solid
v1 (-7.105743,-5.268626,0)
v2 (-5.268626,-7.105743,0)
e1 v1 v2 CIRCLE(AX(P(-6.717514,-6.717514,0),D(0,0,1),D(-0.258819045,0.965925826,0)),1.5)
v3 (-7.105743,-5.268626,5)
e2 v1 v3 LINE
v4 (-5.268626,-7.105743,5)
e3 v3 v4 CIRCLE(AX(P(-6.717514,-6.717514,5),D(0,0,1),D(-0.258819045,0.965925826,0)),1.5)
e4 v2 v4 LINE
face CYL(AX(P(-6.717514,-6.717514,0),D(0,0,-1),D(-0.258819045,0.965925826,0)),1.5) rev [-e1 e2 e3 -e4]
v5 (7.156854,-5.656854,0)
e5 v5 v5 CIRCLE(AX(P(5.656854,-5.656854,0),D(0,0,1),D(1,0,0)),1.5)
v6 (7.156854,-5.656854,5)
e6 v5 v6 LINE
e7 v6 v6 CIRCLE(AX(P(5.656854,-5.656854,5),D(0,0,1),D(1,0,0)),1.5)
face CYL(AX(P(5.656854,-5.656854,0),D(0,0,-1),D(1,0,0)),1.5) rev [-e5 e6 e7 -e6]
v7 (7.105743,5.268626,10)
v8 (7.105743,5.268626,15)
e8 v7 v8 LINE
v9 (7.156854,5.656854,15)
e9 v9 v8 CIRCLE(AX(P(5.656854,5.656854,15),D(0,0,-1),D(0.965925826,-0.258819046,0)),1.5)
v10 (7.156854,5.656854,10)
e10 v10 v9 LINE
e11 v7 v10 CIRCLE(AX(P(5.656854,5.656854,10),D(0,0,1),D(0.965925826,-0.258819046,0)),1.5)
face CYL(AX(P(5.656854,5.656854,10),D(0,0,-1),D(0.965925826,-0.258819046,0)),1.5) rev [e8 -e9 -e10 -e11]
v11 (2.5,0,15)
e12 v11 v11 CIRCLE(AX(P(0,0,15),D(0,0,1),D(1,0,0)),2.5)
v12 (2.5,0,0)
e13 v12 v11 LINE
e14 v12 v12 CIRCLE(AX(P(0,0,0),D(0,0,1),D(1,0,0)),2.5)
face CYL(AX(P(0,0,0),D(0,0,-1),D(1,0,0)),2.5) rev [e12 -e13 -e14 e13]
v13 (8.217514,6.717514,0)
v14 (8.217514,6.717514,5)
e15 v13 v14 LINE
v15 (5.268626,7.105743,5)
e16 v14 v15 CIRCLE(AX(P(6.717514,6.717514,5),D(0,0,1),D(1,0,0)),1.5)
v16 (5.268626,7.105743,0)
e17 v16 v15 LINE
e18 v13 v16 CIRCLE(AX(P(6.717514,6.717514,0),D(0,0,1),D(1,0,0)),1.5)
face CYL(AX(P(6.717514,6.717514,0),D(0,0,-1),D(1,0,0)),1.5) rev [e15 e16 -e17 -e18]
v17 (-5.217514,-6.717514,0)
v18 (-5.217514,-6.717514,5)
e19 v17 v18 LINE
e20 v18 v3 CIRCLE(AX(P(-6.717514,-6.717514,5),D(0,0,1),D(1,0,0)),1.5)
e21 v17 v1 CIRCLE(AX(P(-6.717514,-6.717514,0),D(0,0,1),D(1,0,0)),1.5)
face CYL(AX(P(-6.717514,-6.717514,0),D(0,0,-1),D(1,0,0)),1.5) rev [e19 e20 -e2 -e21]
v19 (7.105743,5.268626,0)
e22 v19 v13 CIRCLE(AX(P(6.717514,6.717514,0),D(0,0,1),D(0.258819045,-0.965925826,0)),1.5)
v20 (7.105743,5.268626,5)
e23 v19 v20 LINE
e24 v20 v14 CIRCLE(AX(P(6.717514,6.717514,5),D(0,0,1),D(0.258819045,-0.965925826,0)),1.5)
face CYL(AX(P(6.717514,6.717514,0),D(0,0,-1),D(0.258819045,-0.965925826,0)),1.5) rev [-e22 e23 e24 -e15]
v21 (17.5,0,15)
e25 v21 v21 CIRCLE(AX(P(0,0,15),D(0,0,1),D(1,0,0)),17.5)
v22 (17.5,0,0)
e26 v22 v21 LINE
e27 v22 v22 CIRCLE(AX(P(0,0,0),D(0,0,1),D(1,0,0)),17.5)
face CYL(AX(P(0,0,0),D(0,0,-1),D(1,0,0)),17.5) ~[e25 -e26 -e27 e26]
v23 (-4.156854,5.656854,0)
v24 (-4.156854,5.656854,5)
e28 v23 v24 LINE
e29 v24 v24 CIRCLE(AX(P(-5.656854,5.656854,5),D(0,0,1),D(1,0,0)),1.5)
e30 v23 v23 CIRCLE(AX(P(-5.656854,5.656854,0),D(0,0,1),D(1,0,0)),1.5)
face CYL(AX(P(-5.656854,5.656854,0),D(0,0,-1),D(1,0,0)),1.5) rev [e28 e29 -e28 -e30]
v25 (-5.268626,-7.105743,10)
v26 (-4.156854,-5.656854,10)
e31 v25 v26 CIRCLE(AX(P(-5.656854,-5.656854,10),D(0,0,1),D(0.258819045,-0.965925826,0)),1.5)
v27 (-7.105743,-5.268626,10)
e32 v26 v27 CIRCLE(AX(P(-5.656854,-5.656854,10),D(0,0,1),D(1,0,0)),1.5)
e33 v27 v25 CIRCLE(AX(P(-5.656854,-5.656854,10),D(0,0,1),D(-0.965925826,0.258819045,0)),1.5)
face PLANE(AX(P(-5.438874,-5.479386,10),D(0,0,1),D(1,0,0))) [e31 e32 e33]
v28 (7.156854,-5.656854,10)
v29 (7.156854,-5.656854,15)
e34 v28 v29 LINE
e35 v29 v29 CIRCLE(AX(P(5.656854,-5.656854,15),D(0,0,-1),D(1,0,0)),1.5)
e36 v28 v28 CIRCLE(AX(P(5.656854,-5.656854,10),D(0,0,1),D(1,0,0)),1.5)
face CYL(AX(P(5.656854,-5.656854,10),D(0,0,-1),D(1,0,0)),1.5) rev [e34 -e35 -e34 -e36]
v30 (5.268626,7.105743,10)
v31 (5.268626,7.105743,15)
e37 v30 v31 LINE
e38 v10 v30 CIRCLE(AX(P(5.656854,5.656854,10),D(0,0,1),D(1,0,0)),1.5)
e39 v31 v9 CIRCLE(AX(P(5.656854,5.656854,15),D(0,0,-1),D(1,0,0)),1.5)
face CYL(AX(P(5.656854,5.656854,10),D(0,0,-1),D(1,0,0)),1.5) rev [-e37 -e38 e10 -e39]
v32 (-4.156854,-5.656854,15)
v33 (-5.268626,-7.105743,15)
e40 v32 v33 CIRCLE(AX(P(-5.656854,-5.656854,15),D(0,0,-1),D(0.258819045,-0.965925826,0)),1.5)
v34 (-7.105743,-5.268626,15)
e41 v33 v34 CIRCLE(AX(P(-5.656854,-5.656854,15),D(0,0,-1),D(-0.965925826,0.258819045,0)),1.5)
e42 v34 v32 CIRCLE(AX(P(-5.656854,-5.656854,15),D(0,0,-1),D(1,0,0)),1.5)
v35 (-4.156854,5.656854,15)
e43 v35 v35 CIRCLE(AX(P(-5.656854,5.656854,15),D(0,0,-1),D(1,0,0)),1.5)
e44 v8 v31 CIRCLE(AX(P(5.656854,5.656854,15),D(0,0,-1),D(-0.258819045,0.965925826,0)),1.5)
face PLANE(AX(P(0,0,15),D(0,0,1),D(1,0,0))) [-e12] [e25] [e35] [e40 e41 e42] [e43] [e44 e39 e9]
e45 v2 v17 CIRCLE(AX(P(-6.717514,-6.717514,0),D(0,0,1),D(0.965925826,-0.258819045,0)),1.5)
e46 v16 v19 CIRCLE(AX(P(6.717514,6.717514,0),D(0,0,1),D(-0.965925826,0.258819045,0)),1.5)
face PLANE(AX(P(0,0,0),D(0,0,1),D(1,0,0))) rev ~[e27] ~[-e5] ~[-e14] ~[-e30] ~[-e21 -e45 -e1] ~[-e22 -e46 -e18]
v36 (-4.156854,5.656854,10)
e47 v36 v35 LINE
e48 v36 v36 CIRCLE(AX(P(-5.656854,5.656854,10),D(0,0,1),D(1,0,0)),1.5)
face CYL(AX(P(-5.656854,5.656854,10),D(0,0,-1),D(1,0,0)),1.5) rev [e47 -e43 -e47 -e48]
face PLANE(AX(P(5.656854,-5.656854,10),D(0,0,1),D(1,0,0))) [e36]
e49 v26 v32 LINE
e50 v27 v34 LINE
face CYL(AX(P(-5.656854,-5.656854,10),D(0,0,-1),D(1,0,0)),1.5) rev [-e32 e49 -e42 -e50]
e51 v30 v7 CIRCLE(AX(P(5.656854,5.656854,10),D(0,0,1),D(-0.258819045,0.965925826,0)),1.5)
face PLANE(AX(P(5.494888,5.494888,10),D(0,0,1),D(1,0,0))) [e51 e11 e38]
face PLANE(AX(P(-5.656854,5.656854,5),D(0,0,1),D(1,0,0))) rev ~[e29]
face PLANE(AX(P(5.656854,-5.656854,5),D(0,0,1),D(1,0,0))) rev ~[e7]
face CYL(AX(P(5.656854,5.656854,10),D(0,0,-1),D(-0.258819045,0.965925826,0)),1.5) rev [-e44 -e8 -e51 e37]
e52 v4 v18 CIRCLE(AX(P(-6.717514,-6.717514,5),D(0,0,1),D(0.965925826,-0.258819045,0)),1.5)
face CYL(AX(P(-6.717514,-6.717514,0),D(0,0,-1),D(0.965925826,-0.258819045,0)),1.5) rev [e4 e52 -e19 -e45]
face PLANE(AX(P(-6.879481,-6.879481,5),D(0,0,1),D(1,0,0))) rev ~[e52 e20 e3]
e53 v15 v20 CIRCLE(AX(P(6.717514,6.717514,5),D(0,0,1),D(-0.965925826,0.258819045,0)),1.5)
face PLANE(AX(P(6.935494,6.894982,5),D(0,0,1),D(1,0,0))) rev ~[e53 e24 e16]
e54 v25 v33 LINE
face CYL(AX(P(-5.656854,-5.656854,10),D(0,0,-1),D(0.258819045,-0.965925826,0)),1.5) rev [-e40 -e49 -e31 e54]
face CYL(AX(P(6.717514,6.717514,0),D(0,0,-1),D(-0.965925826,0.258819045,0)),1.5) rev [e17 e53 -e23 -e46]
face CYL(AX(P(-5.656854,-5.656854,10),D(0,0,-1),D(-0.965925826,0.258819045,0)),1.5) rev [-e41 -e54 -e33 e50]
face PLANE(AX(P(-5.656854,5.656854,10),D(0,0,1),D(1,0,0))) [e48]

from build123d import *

# Parameters (mm, degrees)
F0_R          = 17.5
F0_R_2        = 1.5
F0_R_3        = 2.5
F1_DEPTH      = 15
F2_START      = 10
F2_DEPTH      = 15
F3_DEPTH      = 5
F3_DEPTH_BACK = 2


with BuildPart() as f1:
    # F0 (on Top) → F1 (new body)
    with BuildSketch(Plane.XY):
        Circle(F0_R)
        with BuildLine():
            ThreePointArc((-7.1057429889, -5.2686256818), (-5.4610649612, -4.1696869574), (-4.1568542495, -5.6568542495))
            ThreePointArc((-4.1568542495, -5.6568542495), (-4.4668242391, -6.569996393), (-5.2686256818, -7.1057429889))
            ThreePointArc((-5.2686256818, -7.1057429889), (-7.7781745931, -7.7781745931), (-7.1057429889, -5.2686256818))
        make_face(mode=Mode.SUBTRACT)
        with Locations((5.6568542495, -5.6568542495)):
            Circle(F0_R_2, mode=Mode.SUBTRACT)
        with Locations((-5.6568542495, 5.6568542495)):
            Circle(F0_R_2, mode=Mode.SUBTRACT)
        Circle(F0_R_3, mode=Mode.SUBTRACT)
        with BuildLine():
            ThreePointArc((7.1057429889, 5.2686256818), (4.5961940777, 4.5961940777), (5.2686256818, 7.1057429889))
            ThreePointArc((5.2686256818, 7.1057429889), (6.9133037096, 8.2046817133), (8.2175144213, 6.7175144213))
            ThreePointArc((8.2175144213, 6.7175144213), (7.9075444317, 5.8043722778), (7.1057429889, 5.2686256818))
        make_face(mode=Mode.SUBTRACT)
        with Locations((-5.6568542495, 5.6568542495)):
            Circle(F0_R_2)
        with BuildLine():
            ThreePointArc((-5.2686256818, -7.1057429889), (-6.7175144213, -6.7175144213), (-7.1057429889, -5.2686256818))
            ThreePointArc((-7.1057429889, -5.2686256818), (-7.7781745931, -7.7781745931), (-5.2686256818, -7.1057429889))
        make_face()
        with BuildLine():
            ThreePointArc((-5.2175144213, -6.7175144213), (-5.8043722778, -5.5274844108), (-7.1057429889, -5.2686256818))
            ThreePointArc((-7.1057429889, -5.2686256818), (-6.7175144213, -6.7175144213), (-5.2686256818, -7.1057429889))
            ThreePointArc((-5.2686256818, -7.1057429889), (-5.2303471292, -6.9133037096), (-5.2175144213, -6.7175144213))
        make_face()
        with BuildLine():
            ThreePointArc((-5.2686256818, -7.1057429889), (-4.4668242391, -6.569996393), (-4.1568542495, -5.6568542495))
            ThreePointArc((-4.1568542495, -5.6568542495), (-5.4610649612, -4.1696869574), (-7.1057429889, -5.2686256818))
            ThreePointArc((-7.1057429889, -5.2686256818), (-5.8043722778, -5.5274844108), (-5.2175144213, -6.7175144213))
            ThreePointArc((-5.2175144213, -6.7175144213), (-5.2303471292, -6.9133037096), (-5.2686256818, -7.1057429889))
        make_face()
        with Locations((5.6568542495, -5.6568542495)):
            Circle(F0_R_2)
        with BuildLine():
            ThreePointArc((7.1057429889, 5.2686256818), (5.6568542495, 5.6568542495), (5.2686256818, 7.1057429889))
            ThreePointArc((5.2686256818, 7.1057429889), (4.5961940777, 4.5961940777), (7.1057429889, 5.2686256818))
        make_face()
        with BuildLine():
            ThreePointArc((7.1057429889, 5.2686256818), (7.1440215416, 5.4610649612), (7.1568542495, 5.6568542495))
            ThreePointArc((7.1568542495, 5.6568542495), (6.569996393, 6.8468842599), (5.2686256818, 7.1057429889))
            ThreePointArc((5.2686256818, 7.1057429889), (5.6568542495, 5.6568542495), (7.1057429889, 5.2686256818))
        make_face()
        with BuildLine():
            ThreePointArc((5.2686256818, 7.1057429889), (6.569996393, 6.8468842599), (7.1568542495, 5.6568542495))
            ThreePointArc((7.1568542495, 5.6568542495), (7.1440215416, 5.4610649612), (7.1057429889, 5.2686256818))
            ThreePointArc((7.1057429889, 5.2686256818), (7.9075444317, 5.8043722778), (8.2175144213, 6.7175144213))
            ThreePointArc((8.2175144213, 6.7175144213), (6.9133037096, 8.2046817133), (5.2686256818, 7.1057429889))
        make_face()
    extrude(amount=F1_DEPTH)

    # F0 (on Top) → F2 (cut)
    with BuildSketch(Plane.XY.offset(F2_START)):
        with Locations((-5.6568542495, 5.6568542495)):
            Circle(F0_R_2)
        with BuildLine():
            ThreePointArc((7.1057429889, 5.2686256818), (5.6568542495, 5.6568542495), (5.2686256818, 7.1057429889))
            ThreePointArc((5.2686256818, 7.1057429889), (4.5961940777, 4.5961940777), (7.1057429889, 5.2686256818))
        make_face()
        with BuildLine():
            ThreePointArc((7.1057429889, 5.2686256818), (7.1440215416, 5.4610649612), (7.1568542495, 5.6568542495))
            ThreePointArc((7.1568542495, 5.6568542495), (6.569996393, 6.8468842599), (5.2686256818, 7.1057429889))
            ThreePointArc((5.2686256818, 7.1057429889), (5.6568542495, 5.6568542495), (7.1057429889, 5.2686256818))
        make_face()
        with Locations((5.6568542495, -5.6568542495)):
            Circle(F0_R_2)
        with BuildLine():
            ThreePointArc((-5.2686256818, -7.1057429889), (-4.4668242391, -6.569996393), (-4.1568542495, -5.6568542495))
            ThreePointArc((-4.1568542495, -5.6568542495), (-5.4610649612, -4.1696869574), (-7.1057429889, -5.2686256818))
            ThreePointArc((-7.1057429889, -5.2686256818), (-5.8043722778, -5.5274844108), (-5.2175144213, -6.7175144213))
            ThreePointArc((-5.2175144213, -6.7175144213), (-5.2303471292, -6.9133037096), (-5.2686256818, -7.1057429889))
        make_face()
        with BuildLine():
            ThreePointArc((-5.2175144213, -6.7175144213), (-5.8043722778, -5.5274844108), (-7.1057429889, -5.2686256818))
            ThreePointArc((-7.1057429889, -5.2686256818), (-6.7175144213, -6.7175144213), (-5.2686256818, -7.1057429889))
            ThreePointArc((-5.2686256818, -7.1057429889), (-5.2303471292, -6.9133037096), (-5.2175144213, -6.7175144213))
        make_face()
    extrude(amount=F2_DEPTH, mode=Mode.SUBTRACT)

    # F0 (on Top) → F3 (cut, two sides)
    with BuildSketch(Plane.XY) as f3_sk:
        with Locations((-5.6568542495, 5.6568542495)):
            Circle(F0_R_2)
        with Locations((5.6568542495, -5.6568542495)):
            Circle(F0_R_2)
        with BuildLine():
            ThreePointArc((-5.2686256818, -7.1057429889), (-6.7175144213, -6.7175144213), (-7.1057429889, -5.2686256818))
            ThreePointArc((-7.1057429889, -5.2686256818), (-7.7781745931, -7.7781745931), (-5.2686256818, -7.1057429889))
        make_face()
        with BuildLine():
            ThreePointArc((-5.2175144213, -6.7175144213), (-5.8043722778, -5.5274844108), (-7.1057429889, -5.2686256818))
            ThreePointArc((-7.1057429889, -5.2686256818), (-6.7175144213, -6.7175144213), (-5.2686256818, -7.1057429889))
            ThreePointArc((-5.2686256818, -7.1057429889), (-5.2303471292, -6.9133037096), (-5.2175144213, -6.7175144213))
        make_face()
        with BuildLine():
            ThreePointArc((5.2686256818, 7.1057429889), (6.569996393, 6.8468842599), (7.1568542495, 5.6568542495))
            ThreePointArc((7.1568542495, 5.6568542495), (7.1440215416, 5.4610649612), (7.1057429889, 5.2686256818))
            ThreePointArc((7.1057429889, 5.2686256818), (7.9075444317, 5.8043722778), (8.2175144213, 6.7175144213))
            ThreePointArc((8.2175144213, 6.7175144213), (6.9133037096, 8.2046817133), (5.2686256818, 7.1057429889))
        make_face()
        with BuildLine():
            ThreePointArc((7.1057429889, 5.2686256818), (7.1440215416, 5.4610649612), (7.1568542495, 5.6568542495))
            ThreePointArc((7.1568542495, 5.6568542495), (6.569996393, 6.8468842599), (5.2686256818, 7.1057429889))
            ThreePointArc((5.2686256818, 7.1057429889), (5.6568542495, 5.6568542495), (7.1057429889, 5.2686256818))
        make_face()
    extrude(amount=F3_DEPTH, mode=Mode.SUBTRACT)
    extrude(f3_sk.sketch, amount=-F3_DEPTH_BACK, mode=Mode.SUBTRACT)


solid = f1.part
